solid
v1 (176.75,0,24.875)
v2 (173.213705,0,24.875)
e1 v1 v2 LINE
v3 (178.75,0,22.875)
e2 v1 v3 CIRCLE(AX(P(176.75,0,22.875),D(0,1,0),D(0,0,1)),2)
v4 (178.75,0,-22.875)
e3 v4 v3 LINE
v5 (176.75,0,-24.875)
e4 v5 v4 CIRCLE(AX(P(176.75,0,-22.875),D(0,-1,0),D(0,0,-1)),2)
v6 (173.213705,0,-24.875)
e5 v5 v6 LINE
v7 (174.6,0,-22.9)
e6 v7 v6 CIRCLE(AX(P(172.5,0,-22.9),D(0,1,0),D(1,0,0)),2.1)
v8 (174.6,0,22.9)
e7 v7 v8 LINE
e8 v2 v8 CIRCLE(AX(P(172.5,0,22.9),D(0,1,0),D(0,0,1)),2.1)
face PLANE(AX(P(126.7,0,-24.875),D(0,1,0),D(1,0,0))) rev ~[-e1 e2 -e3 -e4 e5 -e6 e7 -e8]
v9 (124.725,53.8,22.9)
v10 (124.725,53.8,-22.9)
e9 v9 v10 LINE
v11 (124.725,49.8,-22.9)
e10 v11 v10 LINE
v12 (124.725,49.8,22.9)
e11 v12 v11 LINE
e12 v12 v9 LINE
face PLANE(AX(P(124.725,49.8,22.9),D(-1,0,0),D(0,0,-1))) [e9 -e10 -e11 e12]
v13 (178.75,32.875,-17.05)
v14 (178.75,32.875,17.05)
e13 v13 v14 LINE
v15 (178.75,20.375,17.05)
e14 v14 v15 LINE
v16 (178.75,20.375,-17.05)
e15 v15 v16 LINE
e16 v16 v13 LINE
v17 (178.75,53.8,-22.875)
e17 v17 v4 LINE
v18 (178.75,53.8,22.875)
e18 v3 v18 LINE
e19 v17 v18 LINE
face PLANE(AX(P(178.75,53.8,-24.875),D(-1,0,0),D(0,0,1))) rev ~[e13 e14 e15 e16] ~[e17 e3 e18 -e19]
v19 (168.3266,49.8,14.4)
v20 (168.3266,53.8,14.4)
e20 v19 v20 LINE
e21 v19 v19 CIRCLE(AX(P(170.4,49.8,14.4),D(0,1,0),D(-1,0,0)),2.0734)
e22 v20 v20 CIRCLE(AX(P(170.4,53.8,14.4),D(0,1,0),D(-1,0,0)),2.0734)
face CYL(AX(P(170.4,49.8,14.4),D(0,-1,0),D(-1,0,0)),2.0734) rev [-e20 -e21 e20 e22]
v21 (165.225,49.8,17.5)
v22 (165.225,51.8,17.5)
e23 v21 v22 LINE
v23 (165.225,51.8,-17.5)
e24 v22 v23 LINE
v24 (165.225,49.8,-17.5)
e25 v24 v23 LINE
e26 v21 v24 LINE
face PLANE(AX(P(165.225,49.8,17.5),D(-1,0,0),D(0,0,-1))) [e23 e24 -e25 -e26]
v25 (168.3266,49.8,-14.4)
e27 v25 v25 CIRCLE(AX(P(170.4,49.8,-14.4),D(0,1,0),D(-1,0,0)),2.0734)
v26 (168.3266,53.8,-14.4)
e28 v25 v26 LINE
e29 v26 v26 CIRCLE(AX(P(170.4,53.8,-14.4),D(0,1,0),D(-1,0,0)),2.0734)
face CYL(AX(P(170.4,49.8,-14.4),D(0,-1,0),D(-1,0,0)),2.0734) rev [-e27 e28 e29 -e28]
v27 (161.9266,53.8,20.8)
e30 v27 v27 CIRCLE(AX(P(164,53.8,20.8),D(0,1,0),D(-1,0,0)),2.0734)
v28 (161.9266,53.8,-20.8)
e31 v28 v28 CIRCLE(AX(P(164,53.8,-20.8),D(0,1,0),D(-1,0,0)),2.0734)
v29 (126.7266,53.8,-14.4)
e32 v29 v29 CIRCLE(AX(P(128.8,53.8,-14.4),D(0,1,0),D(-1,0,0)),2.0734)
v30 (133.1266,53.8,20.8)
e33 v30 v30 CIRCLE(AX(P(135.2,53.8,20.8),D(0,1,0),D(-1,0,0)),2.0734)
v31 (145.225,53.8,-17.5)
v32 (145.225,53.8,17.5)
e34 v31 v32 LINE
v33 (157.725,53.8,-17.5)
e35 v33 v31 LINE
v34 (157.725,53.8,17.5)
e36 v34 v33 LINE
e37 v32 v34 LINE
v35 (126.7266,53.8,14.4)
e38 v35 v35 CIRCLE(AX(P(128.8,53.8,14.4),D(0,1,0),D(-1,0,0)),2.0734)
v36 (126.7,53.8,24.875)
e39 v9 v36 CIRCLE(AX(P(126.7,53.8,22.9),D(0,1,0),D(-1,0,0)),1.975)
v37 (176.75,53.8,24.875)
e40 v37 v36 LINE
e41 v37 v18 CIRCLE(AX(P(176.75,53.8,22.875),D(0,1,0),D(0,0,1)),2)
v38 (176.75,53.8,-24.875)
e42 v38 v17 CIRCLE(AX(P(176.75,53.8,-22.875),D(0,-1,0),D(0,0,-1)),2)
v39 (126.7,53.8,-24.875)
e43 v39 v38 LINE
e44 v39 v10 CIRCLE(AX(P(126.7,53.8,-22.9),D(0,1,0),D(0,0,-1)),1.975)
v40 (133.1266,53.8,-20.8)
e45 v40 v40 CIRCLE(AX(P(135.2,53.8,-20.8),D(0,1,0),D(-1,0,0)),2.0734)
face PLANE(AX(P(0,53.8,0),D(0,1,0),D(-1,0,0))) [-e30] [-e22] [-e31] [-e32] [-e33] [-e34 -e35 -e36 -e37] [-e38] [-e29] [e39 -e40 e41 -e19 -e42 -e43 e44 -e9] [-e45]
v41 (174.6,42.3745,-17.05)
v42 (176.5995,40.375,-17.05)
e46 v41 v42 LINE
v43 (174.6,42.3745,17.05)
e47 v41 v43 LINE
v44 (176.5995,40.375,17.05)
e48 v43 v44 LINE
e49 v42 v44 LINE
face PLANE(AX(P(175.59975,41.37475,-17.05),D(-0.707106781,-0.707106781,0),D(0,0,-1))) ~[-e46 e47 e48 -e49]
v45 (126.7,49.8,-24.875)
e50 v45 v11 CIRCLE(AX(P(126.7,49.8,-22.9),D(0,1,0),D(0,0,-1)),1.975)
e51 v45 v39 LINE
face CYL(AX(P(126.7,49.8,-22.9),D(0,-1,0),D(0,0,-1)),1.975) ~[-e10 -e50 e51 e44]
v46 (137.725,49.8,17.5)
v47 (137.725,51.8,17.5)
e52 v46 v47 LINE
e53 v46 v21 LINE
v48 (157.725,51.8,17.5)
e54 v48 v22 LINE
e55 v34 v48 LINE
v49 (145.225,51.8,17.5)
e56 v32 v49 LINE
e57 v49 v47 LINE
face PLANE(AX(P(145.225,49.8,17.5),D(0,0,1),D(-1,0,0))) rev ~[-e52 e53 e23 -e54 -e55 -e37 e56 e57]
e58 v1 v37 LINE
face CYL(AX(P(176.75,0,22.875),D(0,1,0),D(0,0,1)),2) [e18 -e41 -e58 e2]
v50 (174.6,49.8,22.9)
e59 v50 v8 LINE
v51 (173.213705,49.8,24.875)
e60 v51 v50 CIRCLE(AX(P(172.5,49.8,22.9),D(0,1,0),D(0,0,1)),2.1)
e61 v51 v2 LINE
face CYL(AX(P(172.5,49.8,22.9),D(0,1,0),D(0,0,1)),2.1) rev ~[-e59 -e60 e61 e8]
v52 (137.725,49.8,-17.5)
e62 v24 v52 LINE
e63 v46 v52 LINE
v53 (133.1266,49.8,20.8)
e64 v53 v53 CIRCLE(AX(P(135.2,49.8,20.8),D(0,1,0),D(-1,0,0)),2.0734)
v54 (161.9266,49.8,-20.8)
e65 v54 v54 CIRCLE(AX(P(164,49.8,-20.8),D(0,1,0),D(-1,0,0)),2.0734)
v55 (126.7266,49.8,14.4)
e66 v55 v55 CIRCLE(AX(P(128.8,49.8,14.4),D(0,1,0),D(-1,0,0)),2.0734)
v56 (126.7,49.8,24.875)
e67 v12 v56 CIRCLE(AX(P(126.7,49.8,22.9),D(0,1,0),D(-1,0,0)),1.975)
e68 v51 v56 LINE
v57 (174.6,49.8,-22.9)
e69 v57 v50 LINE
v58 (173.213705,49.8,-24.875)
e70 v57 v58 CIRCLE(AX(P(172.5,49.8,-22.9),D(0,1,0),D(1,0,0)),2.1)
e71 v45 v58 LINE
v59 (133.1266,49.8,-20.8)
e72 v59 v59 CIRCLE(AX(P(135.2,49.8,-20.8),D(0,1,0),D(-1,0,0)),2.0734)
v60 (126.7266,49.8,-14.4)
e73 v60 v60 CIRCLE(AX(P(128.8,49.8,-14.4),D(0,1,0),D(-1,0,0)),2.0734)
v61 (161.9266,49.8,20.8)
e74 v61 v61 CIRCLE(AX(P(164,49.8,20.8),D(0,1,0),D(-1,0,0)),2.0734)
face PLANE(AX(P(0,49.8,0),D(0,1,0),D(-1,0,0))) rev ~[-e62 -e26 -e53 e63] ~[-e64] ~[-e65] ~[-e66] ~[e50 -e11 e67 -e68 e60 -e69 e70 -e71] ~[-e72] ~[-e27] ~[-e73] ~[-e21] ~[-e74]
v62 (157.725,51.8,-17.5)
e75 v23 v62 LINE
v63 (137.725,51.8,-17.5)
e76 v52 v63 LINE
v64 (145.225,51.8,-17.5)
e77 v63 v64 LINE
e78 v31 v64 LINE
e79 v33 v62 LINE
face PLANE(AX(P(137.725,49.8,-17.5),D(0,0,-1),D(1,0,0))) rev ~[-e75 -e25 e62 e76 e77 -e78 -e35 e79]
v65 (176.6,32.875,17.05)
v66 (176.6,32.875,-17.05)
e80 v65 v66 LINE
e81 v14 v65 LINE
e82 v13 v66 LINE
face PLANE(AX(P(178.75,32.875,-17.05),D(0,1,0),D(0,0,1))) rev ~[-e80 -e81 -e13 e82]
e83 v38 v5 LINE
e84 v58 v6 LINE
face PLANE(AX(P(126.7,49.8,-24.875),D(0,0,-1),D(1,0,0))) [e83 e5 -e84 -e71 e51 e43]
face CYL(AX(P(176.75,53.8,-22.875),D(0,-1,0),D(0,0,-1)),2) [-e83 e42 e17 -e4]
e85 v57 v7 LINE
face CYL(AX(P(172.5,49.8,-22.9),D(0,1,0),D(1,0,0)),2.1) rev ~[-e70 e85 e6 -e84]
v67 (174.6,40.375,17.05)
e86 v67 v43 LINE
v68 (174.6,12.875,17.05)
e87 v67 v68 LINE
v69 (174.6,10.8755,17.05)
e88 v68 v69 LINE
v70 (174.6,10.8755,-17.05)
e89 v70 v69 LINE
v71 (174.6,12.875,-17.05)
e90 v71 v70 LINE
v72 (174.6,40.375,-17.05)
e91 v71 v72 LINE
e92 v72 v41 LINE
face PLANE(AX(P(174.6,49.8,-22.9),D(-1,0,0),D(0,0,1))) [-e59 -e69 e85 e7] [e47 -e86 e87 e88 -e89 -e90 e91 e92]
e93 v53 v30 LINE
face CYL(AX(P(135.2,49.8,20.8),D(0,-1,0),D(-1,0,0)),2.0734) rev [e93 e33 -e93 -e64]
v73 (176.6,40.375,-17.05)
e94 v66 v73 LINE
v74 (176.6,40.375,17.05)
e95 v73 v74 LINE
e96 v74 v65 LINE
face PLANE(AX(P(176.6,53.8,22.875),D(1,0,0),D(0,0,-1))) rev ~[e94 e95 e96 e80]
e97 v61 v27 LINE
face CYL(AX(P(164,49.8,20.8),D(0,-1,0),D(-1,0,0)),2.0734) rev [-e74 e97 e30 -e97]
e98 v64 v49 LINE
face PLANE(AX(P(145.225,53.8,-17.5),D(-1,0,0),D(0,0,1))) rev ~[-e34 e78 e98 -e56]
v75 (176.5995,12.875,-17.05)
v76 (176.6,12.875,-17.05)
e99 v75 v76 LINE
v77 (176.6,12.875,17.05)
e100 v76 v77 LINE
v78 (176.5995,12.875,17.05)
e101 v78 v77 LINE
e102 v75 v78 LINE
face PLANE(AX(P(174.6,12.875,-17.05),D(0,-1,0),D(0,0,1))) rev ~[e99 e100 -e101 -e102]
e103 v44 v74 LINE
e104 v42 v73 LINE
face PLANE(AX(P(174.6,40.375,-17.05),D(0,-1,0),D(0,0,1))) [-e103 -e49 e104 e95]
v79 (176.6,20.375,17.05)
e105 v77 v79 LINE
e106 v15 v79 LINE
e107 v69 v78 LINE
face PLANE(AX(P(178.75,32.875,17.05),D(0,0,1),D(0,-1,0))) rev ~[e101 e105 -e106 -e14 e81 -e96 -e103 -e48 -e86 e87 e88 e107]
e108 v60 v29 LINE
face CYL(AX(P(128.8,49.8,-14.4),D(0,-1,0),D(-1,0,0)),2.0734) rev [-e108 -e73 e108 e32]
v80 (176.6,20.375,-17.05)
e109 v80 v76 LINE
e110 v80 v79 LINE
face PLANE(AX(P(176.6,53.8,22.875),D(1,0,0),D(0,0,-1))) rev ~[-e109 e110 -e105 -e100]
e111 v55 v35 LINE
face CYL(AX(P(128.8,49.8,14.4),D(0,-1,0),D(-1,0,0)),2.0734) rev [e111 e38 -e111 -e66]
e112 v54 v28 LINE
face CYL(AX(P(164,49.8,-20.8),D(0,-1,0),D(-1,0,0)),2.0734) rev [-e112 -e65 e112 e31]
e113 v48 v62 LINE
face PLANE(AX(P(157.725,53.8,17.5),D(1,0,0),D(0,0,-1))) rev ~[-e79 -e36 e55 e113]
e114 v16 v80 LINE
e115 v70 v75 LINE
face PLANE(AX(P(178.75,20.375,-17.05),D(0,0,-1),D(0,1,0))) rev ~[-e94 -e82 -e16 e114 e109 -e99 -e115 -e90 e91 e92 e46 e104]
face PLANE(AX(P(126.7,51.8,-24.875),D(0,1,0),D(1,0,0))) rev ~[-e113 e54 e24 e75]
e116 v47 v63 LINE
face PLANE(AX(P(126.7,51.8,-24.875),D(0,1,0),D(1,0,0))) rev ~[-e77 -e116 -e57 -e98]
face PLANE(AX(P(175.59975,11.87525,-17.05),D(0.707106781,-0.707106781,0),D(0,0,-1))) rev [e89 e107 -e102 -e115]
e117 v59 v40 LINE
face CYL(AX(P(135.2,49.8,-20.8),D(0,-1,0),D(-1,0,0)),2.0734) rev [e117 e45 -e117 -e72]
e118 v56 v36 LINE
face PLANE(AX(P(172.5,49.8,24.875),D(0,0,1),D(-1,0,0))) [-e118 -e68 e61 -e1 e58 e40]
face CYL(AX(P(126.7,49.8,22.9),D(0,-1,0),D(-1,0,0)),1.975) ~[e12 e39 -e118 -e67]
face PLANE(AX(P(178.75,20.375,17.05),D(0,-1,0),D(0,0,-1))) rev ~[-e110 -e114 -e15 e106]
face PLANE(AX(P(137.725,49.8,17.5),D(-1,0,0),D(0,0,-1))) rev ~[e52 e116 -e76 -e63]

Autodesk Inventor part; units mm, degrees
ref_plane "YZ Plane" through (0, 0, 0) normal (1, 0, 0) x (0, 1, 0)
ref_plane "XZ Plane" through (0, 0, 0) normal (0, 1, 0) x (-1, 0, 0)
sketch "Sketch1" plane through (0, 0, 0) normal (0, 1, 0) x (-1, 0, 0)
  line L0 (-155.225, -15) -> (-155.225, 15) projected
  line L1 (-155.225, 15) -> (-147.725, 15) projected
  line L2 (-147.725, 15) -> (-147.725, -15) projected
  line L3 (-147.725, -15) -> (-155.225, -15) projected
  circle A0 centre (-171.5, -21.9) radius 1.875 projected
  circle A1 centre (-127.7, 21.9) radius 1.875 projected
  circle A2 centre (-127.7, -21.9) radius 1.875 projected
  circle A3 centre (-171.5, 21.9) radius 1.875 projected
  circle A4 centre (-135.2, 20.8) radius 2.0734 projected
  circle A5 centre (-164, -20.8) radius 2.0734 projected
  circle A6 centre (-135.2, -20.8) radius 2.0734 projected
  circle A7 centre (-128.8, -14.4) radius 2.0734 projected
  circle A8 centre (-128.8, 14.4) radius 2.0734 projected
  circle A9 centre (-164, 20.8) radius 2.0734 projected
  circle A10 centre (-170.4, -14.4) radius 2.0734 projected
  circle A11 centre (-170.4, 14.4) radius 2.0734 projected
  line L4 (-172.5, 24.875) -> (-126.7, 24.875) projected
  arc A12 (-172.5, 24.875) -> (-174.475, 22.9) centre (-172.5, 22.9) ccw projected
  line L5 (-174.475, -22.9) -> (-174.475, 22.9) projected
  arc A13 (-174.475, -22.9) -> (-172.5, -24.875) centre (-172.5, -22.9) ccw projected
  line L6 (-126.7, -24.875) -> (-172.5, -24.875) projected
  arc A14 (-126.7, -24.875) -> (-124.725, -22.9) centre (-126.7, -22.9) ccw projected
  line L7 (-124.725, 22.9) -> (-124.725, -22.9) projected
  arc A15 (-124.725, 22.9) -> (-126.7, 24.875) centre (-126.7, 22.9) ccw projected
  point P0 (0, 0)
ref_plane "Work Plane1" through (124.725, 49.8, -24.875) normal (0, 1, 0) x (0, 0, 1)
extrude "Extrusion1" add sketch "Sketch1" along normal blind 4 from surface at 49.8 contours A0 | A1 | A2 | A3 | L4 A15 L7 A14 L6 A13 L5 A12
sketch "Sketch2" plane through (126.7, 53.8, -24.875) normal (0, 1, 0) x (1, 0, 0)
  line L0 (28.525, -9.875) -> (21.025, -9.875) projected
  line L1 (28.525, -39.875) -> (28.525, -9.875) projected
  line L2 (21.025, -39.875) -> (28.525, -39.875) projected
  line L3 (21.025, -9.875) -> (21.025, -39.875) projected
  circle A0 centre (8.5, -45.675) radius 2.0734 projected
  circle A1 centre (37.3, -4.075) radius 2.0734 projected
  circle A2 centre (8.5, -4.075) radius 2.0734 projected
  circle A3 centre (2.1, -10.475) radius 2.0734 projected
  circle A4 centre (2.1, -39.275) radius 2.0734 projected
  circle A5 centre (37.3, -45.675) radius 2.0734 projected
  circle A6 centre (43.7, -10.475) radius 2.0734 projected
  circle A7 centre (43.7, -39.275) radius 2.0734 projected
  arc A8 (47.775, -1.975) -> (45.8, 0) centre (45.8, -1.975) ccw projected
  line L4 (0, 0) -> (45.8, 0) projected
  arc A9 (0, 0) -> (-1.975, -1.975) centre (0, -1.975) ccw projected
  line L5 (-1.975, -47.775) -> (-1.975, -1.975) projected
  arc A10 (-1.975, -47.775) -> (0, -49.75) centre (0, -47.775) ccw projected
  line L6 (45.8, -49.75) -> (0, -49.75) projected
  arc A11 (45.8, -49.75) -> (47.775, -47.775) centre (45.8, -47.775) ccw projected
  line L7 (47.775, -1.975) -> (47.775, -47.775) projected
  line L8 (18.525, -42.375) -> (31.025, -42.375)
  line L9 (31.025, -42.375) -> (31.025, -7.375)
  line L10 (31.025, -7.375) -> (18.525, -7.375)
  line L11 (18.525, -7.375) -> (18.525, -42.375)
  line L12 (45.8, 0) -> (52.05, 0)
  line L13 (52.05, 0) -> (52.05, -49.75)
  line L14 (52.05, -49.75) -> (45.8, -49.75)
  line L15 (45.8, -49.75) -> (45.8, 0)
  line L16 (52.05, -49.75) -> (47.925, -49.75)
  line L17 (47.925, -49.75) -> (47.925, 0)
  line L18 (47.925, 0) -> (52.05, 0)
  line L19 (52.05, 0) -> (52.05, -49.75)
  arc A12 (45.8, -49.875) -> (47.9, -47.775) centre (45.8, -47.775) ccw
  line L20 (45.8, -49.875) -> (0, -49.875)
  arc A13 (-2.1, -47.775) -> (0, -49.875) centre (0, -47.775) ccw
  line L21 (-2.1, -47.775) -> (-2.1, -1.975)
  arc A14 (0, 0.125) -> (-2.1, -1.975) centre (0, -1.975) ccw
  line L22 (0, 0.125) -> (45.8, 0.125)
  arc A15 (47.9, -1.975) -> (45.8, 0.125) centre (45.8, -1.975) ccw
  line L23 (47.9, -1.975) -> (47.9, -47.775)
  line L24 (18.525, -42.375) -> (11.025, -42.375)
  line L25 (11.025, -42.375) -> (11.025, -7.375)
  line L26 (11.025, -7.375) -> (18.525, -7.375)
  line L27 (18.525, -7.375) -> (18.525, -42.375)
  line L28 (31.025, -42.375) -> (38.525, -42.375)
  line L29 (38.525, -42.375) -> (38.525, -7.375)
  line L30 (38.525, -7.375) -> (31.025, -7.375)
  line L31 (31.025, -7.375) -> (31.025, -42.375)
  point P0 (-126.7, -24.875)
  point P1 (46.5137, -49.75)
  point P2 (46.5137, 0)
  point P3 (31.025, -7.375)
  point P4 (18.525, -7.375)
  dimension "d2" = 2.5
  dimension "d3" = 6.25
  dimension "d4" = 4.125
  dimension "d15" = 0.125
  dimension "d16" = 7.5
  dimension "d17" = 7.5
extrude "Extrusion2" cut sketch "Sketch2" against normal up to surface (4 mm away) contours L11 L10 L9 L8
extrude "Extrusion3" add sketch "Sketch2" against normal up to surface (4 mm away) contours A8 L12 A15 L23 A12 L14 A11 L7 | L12 L17 L14 A12 L23 A15 | L12 L13 L14 L17
extrude "Extrusion4" add sketch "Sketch2" against normal blind 49.8 from surface at -4 contours L12 L17 L14 A12 L23 A15 | L12 L13 L14 L17
extrude "Extrusion5" cut sketch "Sketch2" along normal blind 2 from surface at -4 contours L24 L25 L26 L11 | L9 L30 L29 L28
fillet "Fillet1" radius 2 2 edges at (178.75, 26.9, 24.875) (178.75, 26.9, -24.875)
sketch "Sketch3" plane through (178.75, 53.8, 22.875) normal (1, 0, 0) x (0, 0, -1)
  line L0 (7.875, -23.425) -> (7.875, -30.925) projected
  line L1 (7.875, -30.925) -> (37.875, -30.925) projected
  line L2 (37.875, -30.925) -> (37.875, -23.425) projected
  line L3 (37.875, -23.425) -> (7.875, -23.425) projected
  line L4 (5.825, -11.7) -> (39.925, -11.7) projected
  line L5 (39.925, -46.1) -> (39.925, -11.7) projected
  line L6 (5.825, -46.1) -> (39.925, -46.1) projected
  line L7 (5.825, -11.7) -> (5.825, -46.1) projected
  line L8 (5.375, -20.925) -> (5.375, -33.425)
  line L9 (5.375, -33.425) -> (40.375, -33.425)
  line L10 (40.375, -33.425) -> (40.375, -20.925)
  line L11 (40.375, -20.925) -> (5.375, -20.925)
  point P0 (22.875, -53.8)
  point P1 (39.925, -20.925)
  point P2 (5.825, -20.925)
  point P3 (5.825, -33.425)
  point P4 (39.925, -33.425)
  dimension "d12" = 2.5
extrude "Extrusion6" cut sketch "Sketch3" against normal up to surface (4.15 mm away) contours L3 L2 L1 L0 | L11 L5 L9 L7
sketch "Sketch4" plane through (178.75, 53.8, 22.875) normal (1, 0, 0) x (0, 0, -1)
  line L0 (5.825, -20.925) -> (39.925, -20.925) projected
  line L1 (39.925, -20.925) -> (39.925, -33.425) projected
  line L2 (39.925, -33.425) -> (5.825, -33.425) projected
  line L3 (5.825, -33.425) -> (5.825, -20.925) projected
  line L4 (45.75, 0) -> (45.75, -53.8) projected
  line L5 (0, 0) -> (45.75, 0) projected
  line L6 (0, -53.8) -> (0, 0) projected
  line L7 (45.75, -53.8) -> (0, -53.8) projected
  line L8 (5.825, -20.925) -> (39.925, -20.925)
  line L9 (39.925, -20.925) -> (39.925, -13.425)
  line L10 (39.925, -13.425) -> (5.825, -13.425)
  line L11 (5.825, -13.425) -> (5.825, -20.925)
  line L12 (5.825, -33.425) -> (39.925, -33.425)
  line L13 (39.925, -33.425) -> (39.925, -40.925)
  line L14 (39.925, -40.925) -> (5.825, -40.925)
  line L15 (5.825, -40.925) -> (5.825, -33.425)
  point P0 (22.875, -53.8)
  point P1 (39.925, -20.925)
  dimension "d20" = 7.5
  dimension "d21" = 7.5
extrude "Extrusion7" cut sketch "Sketch4" along normal blind 2 from surface at -4.15 contours L11 L10 L9 L0 | L2 L13 L14 L15
chamfer "Chamfer1" distance 2 angle 45 2 edges at (174.6, 40.375, 0) (174.6, 12.875, 0)
properties part number "Lens Light Cover"
